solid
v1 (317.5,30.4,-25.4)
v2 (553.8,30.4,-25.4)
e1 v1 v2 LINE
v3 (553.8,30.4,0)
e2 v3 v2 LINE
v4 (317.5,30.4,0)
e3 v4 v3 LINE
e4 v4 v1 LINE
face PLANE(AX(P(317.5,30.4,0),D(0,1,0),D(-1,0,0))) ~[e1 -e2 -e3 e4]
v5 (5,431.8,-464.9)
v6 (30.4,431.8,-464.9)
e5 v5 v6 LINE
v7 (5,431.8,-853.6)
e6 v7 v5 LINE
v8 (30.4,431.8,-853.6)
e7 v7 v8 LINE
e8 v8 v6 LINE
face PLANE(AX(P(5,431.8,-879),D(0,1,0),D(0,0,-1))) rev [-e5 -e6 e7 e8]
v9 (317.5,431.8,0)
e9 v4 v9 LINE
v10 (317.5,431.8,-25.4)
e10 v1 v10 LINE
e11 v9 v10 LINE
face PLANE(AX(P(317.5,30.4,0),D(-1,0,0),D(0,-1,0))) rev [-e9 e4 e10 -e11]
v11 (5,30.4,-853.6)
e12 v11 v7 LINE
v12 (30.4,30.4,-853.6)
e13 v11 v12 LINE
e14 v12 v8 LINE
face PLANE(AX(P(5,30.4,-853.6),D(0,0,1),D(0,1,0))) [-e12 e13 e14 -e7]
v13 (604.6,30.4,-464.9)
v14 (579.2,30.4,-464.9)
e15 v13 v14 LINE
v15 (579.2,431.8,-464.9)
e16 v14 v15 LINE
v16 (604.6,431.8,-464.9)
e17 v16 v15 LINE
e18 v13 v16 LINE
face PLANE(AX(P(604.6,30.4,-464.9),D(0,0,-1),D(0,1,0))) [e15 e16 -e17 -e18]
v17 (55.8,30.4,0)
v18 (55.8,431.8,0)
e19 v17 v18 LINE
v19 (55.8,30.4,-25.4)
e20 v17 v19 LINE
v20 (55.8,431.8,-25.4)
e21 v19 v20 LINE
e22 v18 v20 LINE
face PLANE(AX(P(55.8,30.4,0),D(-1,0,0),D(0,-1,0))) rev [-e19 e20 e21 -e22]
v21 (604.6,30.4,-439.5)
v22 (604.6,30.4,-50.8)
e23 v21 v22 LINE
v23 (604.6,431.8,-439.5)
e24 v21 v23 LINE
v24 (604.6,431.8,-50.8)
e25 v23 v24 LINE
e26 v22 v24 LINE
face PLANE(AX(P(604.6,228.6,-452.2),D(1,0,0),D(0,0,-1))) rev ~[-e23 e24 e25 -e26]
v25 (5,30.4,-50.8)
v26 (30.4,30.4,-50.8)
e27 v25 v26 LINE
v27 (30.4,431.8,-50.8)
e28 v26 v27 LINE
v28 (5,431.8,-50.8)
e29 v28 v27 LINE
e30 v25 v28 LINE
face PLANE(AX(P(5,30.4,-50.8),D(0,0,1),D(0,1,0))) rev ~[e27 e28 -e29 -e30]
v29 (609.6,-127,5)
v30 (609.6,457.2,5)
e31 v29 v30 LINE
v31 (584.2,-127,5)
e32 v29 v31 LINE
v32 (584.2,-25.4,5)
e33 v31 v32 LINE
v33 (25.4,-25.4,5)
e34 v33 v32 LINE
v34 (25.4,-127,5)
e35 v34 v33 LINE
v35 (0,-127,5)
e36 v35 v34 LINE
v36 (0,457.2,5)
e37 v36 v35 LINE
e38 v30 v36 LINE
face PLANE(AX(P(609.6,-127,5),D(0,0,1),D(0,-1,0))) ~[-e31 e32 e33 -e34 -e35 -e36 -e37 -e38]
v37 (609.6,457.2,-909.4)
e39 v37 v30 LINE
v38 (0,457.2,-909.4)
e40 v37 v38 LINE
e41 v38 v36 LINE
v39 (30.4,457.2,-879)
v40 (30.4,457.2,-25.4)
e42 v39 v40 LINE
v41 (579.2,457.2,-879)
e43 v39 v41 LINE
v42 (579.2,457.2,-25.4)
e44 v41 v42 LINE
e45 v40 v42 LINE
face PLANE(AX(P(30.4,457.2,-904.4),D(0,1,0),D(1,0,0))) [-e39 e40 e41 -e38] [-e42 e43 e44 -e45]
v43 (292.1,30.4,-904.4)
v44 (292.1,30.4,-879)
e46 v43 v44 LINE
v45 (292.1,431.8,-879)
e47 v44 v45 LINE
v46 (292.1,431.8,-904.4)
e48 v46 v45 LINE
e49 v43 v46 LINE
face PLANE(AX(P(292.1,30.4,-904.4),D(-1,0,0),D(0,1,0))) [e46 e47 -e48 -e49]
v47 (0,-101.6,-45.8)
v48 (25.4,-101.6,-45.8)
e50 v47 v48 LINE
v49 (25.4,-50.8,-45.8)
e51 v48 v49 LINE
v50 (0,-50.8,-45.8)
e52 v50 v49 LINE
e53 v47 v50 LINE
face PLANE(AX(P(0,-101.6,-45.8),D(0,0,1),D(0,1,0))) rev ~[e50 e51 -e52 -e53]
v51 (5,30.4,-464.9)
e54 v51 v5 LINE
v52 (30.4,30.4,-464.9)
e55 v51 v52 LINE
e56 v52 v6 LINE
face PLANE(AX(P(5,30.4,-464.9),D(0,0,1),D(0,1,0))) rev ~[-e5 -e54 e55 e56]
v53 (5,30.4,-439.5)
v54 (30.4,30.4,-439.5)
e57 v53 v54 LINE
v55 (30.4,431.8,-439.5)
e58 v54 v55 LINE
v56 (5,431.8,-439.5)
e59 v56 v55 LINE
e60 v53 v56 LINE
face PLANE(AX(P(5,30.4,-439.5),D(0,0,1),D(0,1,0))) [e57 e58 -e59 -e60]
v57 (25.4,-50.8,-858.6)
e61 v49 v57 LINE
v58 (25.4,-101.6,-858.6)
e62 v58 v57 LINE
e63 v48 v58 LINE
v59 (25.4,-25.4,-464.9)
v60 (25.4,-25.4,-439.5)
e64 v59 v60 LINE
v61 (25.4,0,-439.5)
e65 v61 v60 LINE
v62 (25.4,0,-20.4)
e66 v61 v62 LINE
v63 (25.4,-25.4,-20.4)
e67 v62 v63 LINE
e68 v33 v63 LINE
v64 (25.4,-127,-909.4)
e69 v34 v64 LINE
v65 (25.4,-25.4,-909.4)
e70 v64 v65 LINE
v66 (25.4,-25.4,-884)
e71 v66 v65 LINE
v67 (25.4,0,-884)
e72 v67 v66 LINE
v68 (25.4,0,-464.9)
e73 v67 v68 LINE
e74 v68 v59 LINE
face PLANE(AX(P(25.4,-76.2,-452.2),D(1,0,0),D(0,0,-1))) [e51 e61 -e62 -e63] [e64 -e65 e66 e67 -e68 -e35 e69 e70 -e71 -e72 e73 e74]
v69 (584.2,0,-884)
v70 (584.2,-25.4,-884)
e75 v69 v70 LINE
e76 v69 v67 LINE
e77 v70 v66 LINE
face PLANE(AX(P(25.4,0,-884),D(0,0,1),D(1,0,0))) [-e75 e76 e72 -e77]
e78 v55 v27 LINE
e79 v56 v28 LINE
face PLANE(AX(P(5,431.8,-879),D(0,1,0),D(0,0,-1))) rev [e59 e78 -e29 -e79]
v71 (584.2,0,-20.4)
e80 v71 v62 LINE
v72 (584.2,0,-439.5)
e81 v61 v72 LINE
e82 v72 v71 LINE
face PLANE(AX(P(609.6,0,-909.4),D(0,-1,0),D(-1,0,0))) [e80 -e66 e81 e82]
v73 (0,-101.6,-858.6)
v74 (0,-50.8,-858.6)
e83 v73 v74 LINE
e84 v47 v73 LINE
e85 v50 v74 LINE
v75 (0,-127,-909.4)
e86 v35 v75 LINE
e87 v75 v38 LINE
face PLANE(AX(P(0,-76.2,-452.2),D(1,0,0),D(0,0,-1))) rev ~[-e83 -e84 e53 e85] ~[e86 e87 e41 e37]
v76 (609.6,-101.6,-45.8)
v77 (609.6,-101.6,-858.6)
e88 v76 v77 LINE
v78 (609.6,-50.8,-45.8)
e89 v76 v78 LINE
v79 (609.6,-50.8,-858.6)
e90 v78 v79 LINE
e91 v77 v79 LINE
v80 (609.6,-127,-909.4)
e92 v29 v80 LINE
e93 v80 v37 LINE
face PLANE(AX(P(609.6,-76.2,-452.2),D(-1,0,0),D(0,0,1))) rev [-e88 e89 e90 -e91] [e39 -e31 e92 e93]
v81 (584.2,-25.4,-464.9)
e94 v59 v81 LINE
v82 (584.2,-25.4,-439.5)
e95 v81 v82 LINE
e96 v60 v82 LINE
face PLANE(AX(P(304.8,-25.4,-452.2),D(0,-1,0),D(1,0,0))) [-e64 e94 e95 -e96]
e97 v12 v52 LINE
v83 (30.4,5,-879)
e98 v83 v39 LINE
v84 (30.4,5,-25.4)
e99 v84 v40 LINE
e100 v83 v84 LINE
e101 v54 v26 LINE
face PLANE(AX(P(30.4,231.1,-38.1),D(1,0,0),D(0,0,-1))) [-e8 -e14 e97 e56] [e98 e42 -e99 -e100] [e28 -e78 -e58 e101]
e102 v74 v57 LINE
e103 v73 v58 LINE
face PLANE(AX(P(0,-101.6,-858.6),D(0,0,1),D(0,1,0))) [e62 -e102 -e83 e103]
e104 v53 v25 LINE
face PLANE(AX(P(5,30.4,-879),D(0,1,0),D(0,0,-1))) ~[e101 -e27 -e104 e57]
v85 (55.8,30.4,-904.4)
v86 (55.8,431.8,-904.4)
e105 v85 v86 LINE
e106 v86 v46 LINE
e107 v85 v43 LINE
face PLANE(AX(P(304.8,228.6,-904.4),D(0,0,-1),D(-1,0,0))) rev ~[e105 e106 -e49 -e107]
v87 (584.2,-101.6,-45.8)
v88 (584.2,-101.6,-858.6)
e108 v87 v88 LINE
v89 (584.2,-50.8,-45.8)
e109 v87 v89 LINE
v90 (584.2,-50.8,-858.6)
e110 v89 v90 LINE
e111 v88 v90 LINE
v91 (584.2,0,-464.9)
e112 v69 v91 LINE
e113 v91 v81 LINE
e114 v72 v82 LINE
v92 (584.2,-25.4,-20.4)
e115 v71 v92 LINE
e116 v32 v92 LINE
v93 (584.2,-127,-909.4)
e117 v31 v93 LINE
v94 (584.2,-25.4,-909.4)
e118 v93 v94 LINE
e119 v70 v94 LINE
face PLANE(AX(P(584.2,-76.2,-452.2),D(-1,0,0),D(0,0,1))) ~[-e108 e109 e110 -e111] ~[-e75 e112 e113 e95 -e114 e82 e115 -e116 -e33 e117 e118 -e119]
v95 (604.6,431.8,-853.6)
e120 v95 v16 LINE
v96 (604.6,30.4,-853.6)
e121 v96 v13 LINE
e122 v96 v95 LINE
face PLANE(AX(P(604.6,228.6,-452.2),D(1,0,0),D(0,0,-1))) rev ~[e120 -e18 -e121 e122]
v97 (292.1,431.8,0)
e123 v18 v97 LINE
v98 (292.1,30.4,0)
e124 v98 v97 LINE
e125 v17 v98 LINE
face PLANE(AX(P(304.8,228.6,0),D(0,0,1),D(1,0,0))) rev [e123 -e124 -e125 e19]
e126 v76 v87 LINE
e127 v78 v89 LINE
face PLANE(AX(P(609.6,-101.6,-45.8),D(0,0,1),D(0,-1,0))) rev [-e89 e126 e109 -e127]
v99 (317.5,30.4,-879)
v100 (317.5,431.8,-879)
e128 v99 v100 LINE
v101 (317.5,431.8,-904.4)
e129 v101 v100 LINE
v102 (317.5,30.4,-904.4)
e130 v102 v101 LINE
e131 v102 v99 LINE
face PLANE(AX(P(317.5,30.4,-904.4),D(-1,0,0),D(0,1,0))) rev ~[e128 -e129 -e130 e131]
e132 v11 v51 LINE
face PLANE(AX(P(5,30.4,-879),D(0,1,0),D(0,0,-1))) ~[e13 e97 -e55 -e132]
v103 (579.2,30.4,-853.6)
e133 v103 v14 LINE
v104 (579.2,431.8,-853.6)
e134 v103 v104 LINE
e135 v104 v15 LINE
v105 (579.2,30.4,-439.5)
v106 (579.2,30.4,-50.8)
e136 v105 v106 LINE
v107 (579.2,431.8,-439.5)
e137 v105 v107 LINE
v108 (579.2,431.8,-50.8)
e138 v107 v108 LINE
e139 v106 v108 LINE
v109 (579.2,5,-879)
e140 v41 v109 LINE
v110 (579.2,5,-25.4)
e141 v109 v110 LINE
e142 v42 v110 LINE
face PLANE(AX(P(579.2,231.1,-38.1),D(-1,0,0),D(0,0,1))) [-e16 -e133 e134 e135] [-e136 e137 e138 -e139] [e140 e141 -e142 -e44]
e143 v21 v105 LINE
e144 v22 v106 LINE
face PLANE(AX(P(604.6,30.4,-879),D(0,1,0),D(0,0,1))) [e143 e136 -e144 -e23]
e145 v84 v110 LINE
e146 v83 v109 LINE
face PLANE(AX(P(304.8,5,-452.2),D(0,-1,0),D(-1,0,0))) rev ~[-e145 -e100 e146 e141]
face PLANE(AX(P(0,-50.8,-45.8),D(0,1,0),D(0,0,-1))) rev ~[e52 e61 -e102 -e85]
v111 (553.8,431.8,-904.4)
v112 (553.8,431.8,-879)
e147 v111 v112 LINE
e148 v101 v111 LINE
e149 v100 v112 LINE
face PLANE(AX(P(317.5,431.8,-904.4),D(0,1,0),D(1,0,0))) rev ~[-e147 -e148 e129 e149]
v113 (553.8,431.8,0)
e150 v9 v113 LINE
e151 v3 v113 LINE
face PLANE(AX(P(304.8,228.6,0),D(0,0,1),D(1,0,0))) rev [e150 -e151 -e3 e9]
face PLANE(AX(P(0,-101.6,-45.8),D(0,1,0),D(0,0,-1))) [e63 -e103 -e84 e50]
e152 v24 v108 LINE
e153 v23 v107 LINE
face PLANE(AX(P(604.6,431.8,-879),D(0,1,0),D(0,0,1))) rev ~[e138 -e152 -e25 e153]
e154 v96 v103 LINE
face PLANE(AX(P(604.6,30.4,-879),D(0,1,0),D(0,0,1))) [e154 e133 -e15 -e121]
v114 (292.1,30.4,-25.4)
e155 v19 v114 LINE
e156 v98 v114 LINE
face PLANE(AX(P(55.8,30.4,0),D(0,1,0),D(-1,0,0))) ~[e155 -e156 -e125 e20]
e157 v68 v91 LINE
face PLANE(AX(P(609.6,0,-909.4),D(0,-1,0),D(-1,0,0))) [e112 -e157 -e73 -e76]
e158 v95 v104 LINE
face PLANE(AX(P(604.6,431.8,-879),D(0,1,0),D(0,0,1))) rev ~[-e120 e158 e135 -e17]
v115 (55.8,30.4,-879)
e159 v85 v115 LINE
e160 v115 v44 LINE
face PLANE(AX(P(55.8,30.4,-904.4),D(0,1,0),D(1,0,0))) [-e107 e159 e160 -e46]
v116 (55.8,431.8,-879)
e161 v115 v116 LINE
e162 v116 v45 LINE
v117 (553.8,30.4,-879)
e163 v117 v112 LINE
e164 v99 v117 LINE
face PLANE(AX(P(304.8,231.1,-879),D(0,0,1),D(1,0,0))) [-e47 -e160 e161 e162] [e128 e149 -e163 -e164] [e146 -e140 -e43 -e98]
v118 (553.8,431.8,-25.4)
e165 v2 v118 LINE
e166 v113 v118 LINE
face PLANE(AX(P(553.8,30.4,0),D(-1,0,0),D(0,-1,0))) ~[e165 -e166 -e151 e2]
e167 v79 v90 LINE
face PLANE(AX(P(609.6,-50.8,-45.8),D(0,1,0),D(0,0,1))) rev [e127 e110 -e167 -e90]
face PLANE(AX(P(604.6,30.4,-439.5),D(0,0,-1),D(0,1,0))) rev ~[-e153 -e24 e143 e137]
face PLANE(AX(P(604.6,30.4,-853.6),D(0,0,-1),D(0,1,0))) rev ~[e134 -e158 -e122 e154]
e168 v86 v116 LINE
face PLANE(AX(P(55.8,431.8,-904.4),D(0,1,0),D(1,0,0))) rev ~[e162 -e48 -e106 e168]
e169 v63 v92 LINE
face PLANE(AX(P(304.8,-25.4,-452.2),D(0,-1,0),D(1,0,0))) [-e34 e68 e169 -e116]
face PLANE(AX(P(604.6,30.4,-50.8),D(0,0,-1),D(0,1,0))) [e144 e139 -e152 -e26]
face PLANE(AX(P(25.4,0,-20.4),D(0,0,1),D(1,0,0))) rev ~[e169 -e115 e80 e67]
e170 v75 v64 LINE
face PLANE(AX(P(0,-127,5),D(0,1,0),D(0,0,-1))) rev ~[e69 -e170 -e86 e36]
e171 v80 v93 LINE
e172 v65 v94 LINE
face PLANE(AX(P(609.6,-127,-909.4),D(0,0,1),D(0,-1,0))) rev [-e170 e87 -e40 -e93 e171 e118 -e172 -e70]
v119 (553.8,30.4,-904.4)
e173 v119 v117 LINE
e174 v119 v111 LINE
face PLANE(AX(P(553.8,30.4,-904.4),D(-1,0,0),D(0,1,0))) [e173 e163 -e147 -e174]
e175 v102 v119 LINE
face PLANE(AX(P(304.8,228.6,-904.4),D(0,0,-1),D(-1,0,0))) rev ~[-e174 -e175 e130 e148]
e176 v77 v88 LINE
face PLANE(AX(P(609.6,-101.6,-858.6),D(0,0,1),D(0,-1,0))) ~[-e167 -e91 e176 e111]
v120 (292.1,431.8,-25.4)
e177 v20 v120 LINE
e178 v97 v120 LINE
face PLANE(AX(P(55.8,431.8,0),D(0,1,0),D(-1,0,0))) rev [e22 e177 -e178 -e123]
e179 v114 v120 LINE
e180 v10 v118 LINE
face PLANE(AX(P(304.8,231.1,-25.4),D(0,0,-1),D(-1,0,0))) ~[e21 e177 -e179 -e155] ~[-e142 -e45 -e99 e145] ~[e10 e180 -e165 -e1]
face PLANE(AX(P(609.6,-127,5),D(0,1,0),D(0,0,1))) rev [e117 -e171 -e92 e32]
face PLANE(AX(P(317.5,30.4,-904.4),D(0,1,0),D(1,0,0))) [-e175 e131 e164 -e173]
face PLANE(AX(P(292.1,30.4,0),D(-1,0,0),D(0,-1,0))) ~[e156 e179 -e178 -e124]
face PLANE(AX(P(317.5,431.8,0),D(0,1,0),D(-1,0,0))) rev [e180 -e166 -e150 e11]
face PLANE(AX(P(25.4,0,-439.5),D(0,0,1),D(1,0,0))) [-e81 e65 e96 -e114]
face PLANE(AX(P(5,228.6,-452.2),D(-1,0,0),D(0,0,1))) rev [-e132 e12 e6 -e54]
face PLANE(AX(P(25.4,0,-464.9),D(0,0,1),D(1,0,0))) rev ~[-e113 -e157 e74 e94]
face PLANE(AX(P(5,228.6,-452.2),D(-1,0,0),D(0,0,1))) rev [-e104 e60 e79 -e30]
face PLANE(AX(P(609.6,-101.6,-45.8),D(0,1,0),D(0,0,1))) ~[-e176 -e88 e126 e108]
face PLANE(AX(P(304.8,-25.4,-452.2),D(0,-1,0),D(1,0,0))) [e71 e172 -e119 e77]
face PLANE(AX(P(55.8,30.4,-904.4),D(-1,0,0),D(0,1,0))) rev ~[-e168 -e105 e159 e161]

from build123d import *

# Parameters (mm, degrees)
SKETCH1_W            = 609.6
SKETCH1_H            = 457.2
BOSS_EXTRUDE1_DEPTH  = 5
SKETCH2_W            = 5
SKETCH2_H            = 914.4
BOSS_EXTRUDE2_DEPTH  = 457.2
SKETCH3_W            = 609.6
SKETCH3_H            = 457.2
BOSS_EXTRUDE3_DEPTH  = 5
SKETCH4_W            = 914.4
SKETCH4_H            = 457.2
BOSS_EXTRUDE4_DEPTH  = 5
SKETCH5_W            = 609.6
SKETCH5_H            = 914.4
BOSS_EXTRUDE5_DEPTH  = 5
SKETCH6_W            = 609.6
SKETCH6_H            = 914.4
SKETCH6_W_2          = 558.8
SKETCH6_H_2          = 863.6
BOSS_EXTRUDE6_DEPTH  = 25.4
SKETCH7_W            = 25.4
SKETCH7_H            = 863.6
BOSS_EXTRUDE7_DEPTH  = 25.4
SKETCH10_W           = 904.4
SKETCH10_H           = 452.2
SKETCH10_W_2         = 853.6
SKETCH10_H_2         = 401.4
BOSS_EXTRUDE8_DEPTH  = 25.4
SKETCH22_W           = 548.8
SKETCH22_H           = 452.2
SKETCH22_W_2         = 236.3
SKETCH22_H_2         = 401.4
BOSS_EXTRUDE14_DEPTH = 25.4
SKETCH15_W           = 25.4
SKETCH15_H           = 401.4
BOSS_EXTRUDE15_DEPTH = 25.4
SKETCH23_W           = 25.4
SKETCH23_H           = 401.4
BOSS_EXTRUDE16_DEPTH = 25.4
SKETCH17_W           = 914.4
SKETCH17_H           = 101.6
SKETCH17_W_2         = 812.8
SKETCH17_H_2         = 50.8
BOSS_EXTRUDE17_DEPTH = 25.4
SKETCH25_W           = 25.4
SKETCH25_H           = 863.6
CUT_EXTRUDE1_DEPTH   = 25.4
SKETCH26_W           = 558.8
SKETCH26_H           = 25.4
BOSS_EXTRUDE18_DEPTH = 25.4


with BuildPart() as part:
    # Sketch1 → Boss-Extrude1 (new body)
    with BuildSketch(Plane.XY):
        with Locations((304.8, 228.6)):
            Rectangle(SKETCH1_W, SKETCH1_H)
    extrude(amount=BOSS_EXTRUDE1_DEPTH)

    # Sketch2 → Boss-Extrude2 (add)
    with BuildSketch(Plane(origin=(0, 0, 0), x_dir=(1, 0, 0), z_dir=(0, 1, 0))):
        with Locations((2.5, 452.2)):
            Rectangle(SKETCH2_W, SKETCH2_H)
    extrude(amount=BOSS_EXTRUDE2_DEPTH)

    # Sketch3 → Boss-Extrude3 (add)
    with BuildSketch(Plane(origin=(0, 0, -909.4), x_dir=(-1, 0, 0), z_dir=(0, 0, -1))):
        with Locations((-304.8, 228.6)):
            Rectangle(SKETCH3_W, SKETCH3_H)
    extrude(amount=-BOSS_EXTRUDE3_DEPTH)

    # Sketch4 → Boss-Extrude4 (add)
    with BuildSketch(Plane(origin=(609.6, 0, 0), x_dir=(0, 0, -1), z_dir=(1, 0, 0))):
        with Locations((452.2, 228.6)):
            Rectangle(SKETCH4_W, SKETCH4_H)
    extrude(amount=-BOSS_EXTRUDE4_DEPTH)

    # Sketch5 → Boss-Extrude5 (add)
    with BuildSketch(Plane(origin=(0, 0, 0), x_dir=(-1, 0, 0), z_dir=(0, -1, 0))):
        with Locations((-304.8, 452.2)):
            Rectangle(SKETCH5_W, SKETCH5_H)
    extrude(amount=-BOSS_EXTRUDE5_DEPTH)

    # Sketch6 → Boss-Extrude6 (add)
    with BuildSketch(Plane.XZ):
        with Locations((304.8, -452.2)):
            Rectangle(SKETCH6_W, SKETCH6_H)
        with Locations((304.8, -452.2)):
            Rectangle(SKETCH6_W_2, SKETCH6_H_2, mode=Mode.SUBTRACT)
    extrude(amount=BOSS_EXTRUDE6_DEPTH)

    # Sketch7 → Boss-Extrude7 (add)
    with BuildSketch(Plane.XZ):
        with Locations((304.8, -452.2)):
            Rectangle(SKETCH7_W, SKETCH7_H)
    extrude(amount=BOSS_EXTRUDE7_DEPTH)

    # Sketch10 → Boss-Extrude8 (add)
    with BuildSketch(Plane.ZY.offset(-604.6)):
        with Locations((-452.2, 231.1)):
            Rectangle(SKETCH10_W, SKETCH10_H)
        with Locations((-452.2, 231.1)):
            Rectangle(SKETCH10_W_2, SKETCH10_H_2, mode=Mode.SUBTRACT)
    extrude(amount=BOSS_EXTRUDE8_DEPTH)


with BuildPart() as body_2:
    # Mirror3: mirrored copy
    add(part.part.mirror(Plane(origin=(304.8, 457.2, -904.4), x_dir=(0, 0, 1), z_dir=(1, 0, 0))))


with BuildPart() as part_1:
    add(part.part)

    add(body_2.part)  # Boss-Extrude14 merges body 2
    # Sketch22 → Boss-Extrude14 (add)
    with BuildSketch(Plane.XY.offset(-904.4)):
        with Locations((304.8, 231.1)):
            Rectangle(SKETCH22_W, SKETCH22_H)
        with Locations((173.95, 231.1)):
            Rectangle(SKETCH22_W_2, SKETCH22_H_2, mode=Mode.SUBTRACT)
        with Locations((435.65, 231.1)):
            Rectangle(SKETCH22_W_2, SKETCH22_H_2, mode=Mode.SUBTRACT)
    extrude(amount=BOSS_EXTRUDE14_DEPTH)

    # Sketch15 → Boss-Extrude15 (add)
    with BuildSketch(Plane(origin=(5, 0, 0), x_dir=(0, 0, -1), z_dir=(1, 0, 0))):
        with Locations((38.1, 231.1)):
            Rectangle(SKETCH15_W, SKETCH15_H)
        with Locations((866.3, 231.1)):
            Rectangle(SKETCH15_W, SKETCH15_H)
        with Locations((452.2, 231.1)):
            Rectangle(SKETCH15_W, SKETCH15_H)
    extrude(amount=BOSS_EXTRUDE15_DEPTH)

    # Sketch23 → Boss-Extrude16 (add)
    with BuildSketch(Plane.ZY.offset(-604.6)):
        with Locations((-38.1, 231.1)):
            Rectangle(SKETCH23_W, SKETCH23_H)
        with Locations((-452.2, 231.1)):
            Rectangle(SKETCH23_W, SKETCH23_H)
        with Locations((-866.3, 231.1)):
            Rectangle(SKETCH23_W, SKETCH23_H)
    extrude(amount=BOSS_EXTRUDE16_DEPTH)

    # Mirror9: part across plane


with BuildPart() as part_2:
    add(part_1.part)
    add(part_1.part.mirror(Plane.XY.offset(-452.2)))

    # Sketch17 → Boss-Extrude17 (add)
    with BuildSketch(Plane(origin=(0, 0, 5), x_dir=(0, 0, -1), z_dir=(1, 0, 0))):
        with Locations((457.2, -76.2)):
            Rectangle(SKETCH17_W, SKETCH17_H)
        with Locations((457.2, -76.2)):
            Rectangle(SKETCH17_W_2, SKETCH17_H_2, mode=Mode.SUBTRACT)
    extrude(amount=BOSS_EXTRUDE17_DEPTH)

    # Mirror10: part across plane


with BuildPart() as part_3:
    add(part_2.part)
    add(part_2.part.mirror(Plane(origin=(304.8, 457.2, -904.4), x_dir=(0, 0, 1), z_dir=(1, 0, 0))))

    # Sketch25 → Cut-Extrude1 (cut)
    with BuildSketch(Plane.XZ.offset(25.4)):
        with Locations((304.8, -452.2)):
            Rectangle(SKETCH25_W, SKETCH25_H)
    extrude(amount=-CUT_EXTRUDE1_DEPTH, mode=Mode.SUBTRACT)

    # Sketch26 → Boss-Extrude18 (add)
    with BuildSketch(Plane.XZ):
        with Locations((304.8, -452.2)):
            Rectangle(SKETCH26_W, SKETCH26_H)
    extrude(amount=BOSS_EXTRUDE18_DEPTH)


solid = part_3.part
